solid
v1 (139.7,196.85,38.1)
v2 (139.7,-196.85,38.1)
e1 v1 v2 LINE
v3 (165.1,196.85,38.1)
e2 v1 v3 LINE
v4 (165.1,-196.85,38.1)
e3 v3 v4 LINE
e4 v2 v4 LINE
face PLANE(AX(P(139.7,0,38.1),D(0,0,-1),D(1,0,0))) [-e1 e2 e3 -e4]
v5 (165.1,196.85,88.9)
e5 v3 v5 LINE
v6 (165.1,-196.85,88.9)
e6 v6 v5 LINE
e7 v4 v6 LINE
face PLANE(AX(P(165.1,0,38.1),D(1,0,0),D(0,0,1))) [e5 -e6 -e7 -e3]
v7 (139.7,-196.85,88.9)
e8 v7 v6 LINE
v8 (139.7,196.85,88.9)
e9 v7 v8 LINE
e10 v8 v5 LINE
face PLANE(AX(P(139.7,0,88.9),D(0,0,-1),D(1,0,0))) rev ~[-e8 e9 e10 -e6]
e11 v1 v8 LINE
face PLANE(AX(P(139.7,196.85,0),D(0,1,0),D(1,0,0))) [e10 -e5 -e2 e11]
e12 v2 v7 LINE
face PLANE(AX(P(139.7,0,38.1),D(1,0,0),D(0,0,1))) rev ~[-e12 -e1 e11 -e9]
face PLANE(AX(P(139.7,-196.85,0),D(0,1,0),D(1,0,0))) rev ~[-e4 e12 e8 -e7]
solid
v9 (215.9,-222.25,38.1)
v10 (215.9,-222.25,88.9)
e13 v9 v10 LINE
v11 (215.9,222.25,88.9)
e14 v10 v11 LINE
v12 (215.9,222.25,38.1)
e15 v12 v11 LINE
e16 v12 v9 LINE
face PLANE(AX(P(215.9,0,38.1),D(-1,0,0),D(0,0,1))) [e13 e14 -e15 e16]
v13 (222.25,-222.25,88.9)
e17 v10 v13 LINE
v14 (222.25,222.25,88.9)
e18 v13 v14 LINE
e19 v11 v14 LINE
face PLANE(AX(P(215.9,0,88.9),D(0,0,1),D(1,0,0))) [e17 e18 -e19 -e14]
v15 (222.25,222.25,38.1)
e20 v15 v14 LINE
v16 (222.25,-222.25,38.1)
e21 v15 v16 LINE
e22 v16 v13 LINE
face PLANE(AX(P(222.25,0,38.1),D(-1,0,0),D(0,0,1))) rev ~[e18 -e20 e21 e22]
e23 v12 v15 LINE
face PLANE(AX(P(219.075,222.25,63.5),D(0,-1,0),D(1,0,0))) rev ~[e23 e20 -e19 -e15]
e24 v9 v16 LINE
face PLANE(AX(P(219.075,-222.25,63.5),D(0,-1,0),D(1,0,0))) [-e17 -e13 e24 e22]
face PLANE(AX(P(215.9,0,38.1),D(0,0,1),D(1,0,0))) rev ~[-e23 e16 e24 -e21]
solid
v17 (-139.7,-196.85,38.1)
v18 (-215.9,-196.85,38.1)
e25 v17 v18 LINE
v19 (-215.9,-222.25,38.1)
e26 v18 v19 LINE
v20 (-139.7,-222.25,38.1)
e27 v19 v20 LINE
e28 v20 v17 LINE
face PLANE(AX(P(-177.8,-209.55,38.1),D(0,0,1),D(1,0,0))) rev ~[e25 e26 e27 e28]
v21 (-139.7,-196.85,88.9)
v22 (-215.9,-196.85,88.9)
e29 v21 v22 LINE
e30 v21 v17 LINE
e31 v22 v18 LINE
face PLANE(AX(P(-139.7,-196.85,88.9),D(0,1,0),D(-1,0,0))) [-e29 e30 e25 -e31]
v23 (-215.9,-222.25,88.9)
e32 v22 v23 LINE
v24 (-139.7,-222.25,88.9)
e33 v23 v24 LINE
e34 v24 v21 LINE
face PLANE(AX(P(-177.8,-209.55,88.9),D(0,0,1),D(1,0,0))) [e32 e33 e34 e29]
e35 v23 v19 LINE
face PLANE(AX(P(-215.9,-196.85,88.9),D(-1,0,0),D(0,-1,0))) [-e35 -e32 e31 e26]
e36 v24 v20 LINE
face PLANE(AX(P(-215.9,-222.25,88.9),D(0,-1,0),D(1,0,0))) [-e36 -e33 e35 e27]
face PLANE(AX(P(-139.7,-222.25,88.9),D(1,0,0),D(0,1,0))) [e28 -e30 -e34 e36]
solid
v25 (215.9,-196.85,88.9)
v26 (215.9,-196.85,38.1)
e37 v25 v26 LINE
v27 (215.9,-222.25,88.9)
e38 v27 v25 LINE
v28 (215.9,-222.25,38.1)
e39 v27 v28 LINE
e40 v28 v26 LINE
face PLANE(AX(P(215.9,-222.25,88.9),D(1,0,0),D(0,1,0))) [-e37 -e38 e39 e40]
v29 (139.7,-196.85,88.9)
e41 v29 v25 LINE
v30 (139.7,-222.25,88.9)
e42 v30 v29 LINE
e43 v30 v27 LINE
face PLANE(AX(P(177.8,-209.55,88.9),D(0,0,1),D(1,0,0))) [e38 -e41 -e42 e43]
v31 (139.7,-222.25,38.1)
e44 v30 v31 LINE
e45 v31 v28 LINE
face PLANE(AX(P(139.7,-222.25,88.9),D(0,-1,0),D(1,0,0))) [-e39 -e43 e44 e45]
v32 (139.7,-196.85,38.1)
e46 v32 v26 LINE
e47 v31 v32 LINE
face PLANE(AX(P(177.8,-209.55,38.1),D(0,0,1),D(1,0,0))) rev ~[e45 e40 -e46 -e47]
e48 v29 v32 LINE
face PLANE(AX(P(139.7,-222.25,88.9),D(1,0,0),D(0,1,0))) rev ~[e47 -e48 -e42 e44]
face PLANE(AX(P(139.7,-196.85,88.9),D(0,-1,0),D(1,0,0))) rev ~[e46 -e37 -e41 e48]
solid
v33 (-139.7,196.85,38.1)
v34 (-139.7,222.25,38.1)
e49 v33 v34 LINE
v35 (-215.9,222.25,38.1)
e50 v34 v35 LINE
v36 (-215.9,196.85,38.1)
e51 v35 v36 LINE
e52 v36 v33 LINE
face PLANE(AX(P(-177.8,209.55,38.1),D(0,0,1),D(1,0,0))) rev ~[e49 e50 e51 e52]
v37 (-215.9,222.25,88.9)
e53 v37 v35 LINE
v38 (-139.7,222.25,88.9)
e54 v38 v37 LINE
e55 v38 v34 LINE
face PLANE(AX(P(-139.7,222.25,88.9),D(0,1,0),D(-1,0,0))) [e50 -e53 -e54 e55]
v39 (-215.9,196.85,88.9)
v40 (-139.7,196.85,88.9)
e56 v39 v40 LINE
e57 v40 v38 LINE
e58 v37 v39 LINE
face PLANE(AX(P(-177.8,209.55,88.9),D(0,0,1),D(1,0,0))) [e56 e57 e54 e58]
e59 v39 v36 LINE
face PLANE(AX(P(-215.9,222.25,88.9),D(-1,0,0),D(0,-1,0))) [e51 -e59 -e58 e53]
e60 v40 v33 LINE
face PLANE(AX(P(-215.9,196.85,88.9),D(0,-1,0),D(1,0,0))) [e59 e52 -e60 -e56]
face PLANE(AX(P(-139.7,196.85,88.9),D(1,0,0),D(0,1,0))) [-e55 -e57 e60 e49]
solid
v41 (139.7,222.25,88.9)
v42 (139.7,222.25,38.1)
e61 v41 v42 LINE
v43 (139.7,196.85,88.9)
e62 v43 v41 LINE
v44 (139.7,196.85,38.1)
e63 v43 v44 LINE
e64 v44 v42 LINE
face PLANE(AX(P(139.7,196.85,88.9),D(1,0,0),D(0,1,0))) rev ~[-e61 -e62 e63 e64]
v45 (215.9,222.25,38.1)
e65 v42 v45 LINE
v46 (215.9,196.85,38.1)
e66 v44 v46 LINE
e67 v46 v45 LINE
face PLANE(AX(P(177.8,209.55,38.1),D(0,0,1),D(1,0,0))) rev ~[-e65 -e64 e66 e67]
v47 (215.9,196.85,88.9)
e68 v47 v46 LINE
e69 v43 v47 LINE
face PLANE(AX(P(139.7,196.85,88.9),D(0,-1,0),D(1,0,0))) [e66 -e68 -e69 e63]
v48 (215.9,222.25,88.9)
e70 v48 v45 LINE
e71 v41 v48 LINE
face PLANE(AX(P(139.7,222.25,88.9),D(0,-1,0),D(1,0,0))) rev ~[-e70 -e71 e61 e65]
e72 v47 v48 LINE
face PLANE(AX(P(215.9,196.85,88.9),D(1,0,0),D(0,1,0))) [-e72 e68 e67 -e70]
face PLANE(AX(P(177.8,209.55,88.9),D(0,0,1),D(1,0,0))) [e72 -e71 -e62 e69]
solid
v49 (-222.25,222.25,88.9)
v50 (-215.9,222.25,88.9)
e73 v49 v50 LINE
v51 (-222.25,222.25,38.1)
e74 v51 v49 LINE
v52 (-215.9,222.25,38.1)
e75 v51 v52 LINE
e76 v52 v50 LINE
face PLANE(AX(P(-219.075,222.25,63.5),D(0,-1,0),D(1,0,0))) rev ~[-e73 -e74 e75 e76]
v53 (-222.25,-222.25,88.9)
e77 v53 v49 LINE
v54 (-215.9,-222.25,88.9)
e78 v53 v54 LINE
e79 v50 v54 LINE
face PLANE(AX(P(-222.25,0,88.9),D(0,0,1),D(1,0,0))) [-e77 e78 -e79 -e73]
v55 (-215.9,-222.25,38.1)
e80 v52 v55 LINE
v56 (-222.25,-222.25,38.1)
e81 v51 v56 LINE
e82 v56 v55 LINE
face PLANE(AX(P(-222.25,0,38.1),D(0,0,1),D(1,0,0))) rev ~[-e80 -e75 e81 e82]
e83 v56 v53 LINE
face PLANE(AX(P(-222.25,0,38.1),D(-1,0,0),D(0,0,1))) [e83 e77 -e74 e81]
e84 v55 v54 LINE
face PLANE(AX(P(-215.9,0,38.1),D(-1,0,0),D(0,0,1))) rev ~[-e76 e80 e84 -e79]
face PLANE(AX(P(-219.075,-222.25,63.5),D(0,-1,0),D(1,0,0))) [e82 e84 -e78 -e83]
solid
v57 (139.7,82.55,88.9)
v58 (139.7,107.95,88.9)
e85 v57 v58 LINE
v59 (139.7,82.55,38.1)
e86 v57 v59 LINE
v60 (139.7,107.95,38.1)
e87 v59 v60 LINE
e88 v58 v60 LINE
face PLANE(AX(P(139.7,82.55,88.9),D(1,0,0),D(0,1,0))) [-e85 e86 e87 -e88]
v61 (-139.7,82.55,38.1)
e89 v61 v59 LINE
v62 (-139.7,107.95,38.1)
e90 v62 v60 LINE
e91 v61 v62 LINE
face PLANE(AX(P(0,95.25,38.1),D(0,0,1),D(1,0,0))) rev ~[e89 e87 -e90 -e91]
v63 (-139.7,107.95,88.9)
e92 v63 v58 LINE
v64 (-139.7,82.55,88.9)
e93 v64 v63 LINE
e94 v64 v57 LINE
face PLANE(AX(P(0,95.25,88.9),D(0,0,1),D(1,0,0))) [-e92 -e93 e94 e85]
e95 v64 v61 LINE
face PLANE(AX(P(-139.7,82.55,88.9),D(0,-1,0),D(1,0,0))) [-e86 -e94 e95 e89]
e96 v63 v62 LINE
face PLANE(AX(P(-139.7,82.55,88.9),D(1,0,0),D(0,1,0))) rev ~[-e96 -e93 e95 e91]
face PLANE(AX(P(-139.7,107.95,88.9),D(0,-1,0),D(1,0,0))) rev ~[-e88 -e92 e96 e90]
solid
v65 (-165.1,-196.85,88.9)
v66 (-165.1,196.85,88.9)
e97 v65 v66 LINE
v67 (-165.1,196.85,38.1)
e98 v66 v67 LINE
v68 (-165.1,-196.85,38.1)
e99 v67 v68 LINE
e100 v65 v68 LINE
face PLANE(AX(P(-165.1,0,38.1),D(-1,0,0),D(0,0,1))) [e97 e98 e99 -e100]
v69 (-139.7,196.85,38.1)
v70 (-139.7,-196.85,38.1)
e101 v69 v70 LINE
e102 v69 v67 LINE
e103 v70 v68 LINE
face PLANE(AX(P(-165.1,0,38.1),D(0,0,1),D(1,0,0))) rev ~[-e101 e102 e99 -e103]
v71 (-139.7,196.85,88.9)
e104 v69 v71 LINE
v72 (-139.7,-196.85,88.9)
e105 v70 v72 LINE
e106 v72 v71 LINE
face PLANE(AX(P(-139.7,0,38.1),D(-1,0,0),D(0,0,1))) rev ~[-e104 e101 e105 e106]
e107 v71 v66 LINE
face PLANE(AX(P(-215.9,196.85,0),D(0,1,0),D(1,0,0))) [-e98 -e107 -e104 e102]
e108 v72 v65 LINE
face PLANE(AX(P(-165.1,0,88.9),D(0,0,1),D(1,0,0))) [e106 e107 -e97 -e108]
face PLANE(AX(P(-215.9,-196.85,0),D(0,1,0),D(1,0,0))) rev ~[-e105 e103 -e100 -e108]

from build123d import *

# Parameters (mm, degrees)
F1_W     = 6.35
F1_H     = 50.8
F1_W_2   = 25.4
F2_DEPTH = 222.25
F0_W     = 76.2
F0_H     = 25.4
F3_DEPTH = 176.53
F4_W     = 76.2
F4_H     = 25.4
F4_W_2   = 279.4
F5_DEPTH = 50.8


with BuildPart() as f2:
    # F1 (on Front) → F2 (new body, symmetric)
    with BuildSketch(Plane.XZ):
        with Locations((-219.075, 63.5)):
            Rectangle(F1_W, F1_H)
        with Locations((219.075, 63.5)):
            Rectangle(F1_W, F1_H)
        with Locations((-152.4, 63.5)):
            Rectangle(F1_W_2, F1_H)
        with Locations((152.4, 63.5)):
            Rectangle(F1_W_2, F1_H)
    extrude(amount=F2_DEPTH, both=True)

    # F0 (on Top) → F3 (cut)
    with BuildSketch(Plane.XY):
        with Locations((-177.8, 209.55)):
            Rectangle(F0_W, F0_H)
        with Locations((177.8, 209.55)):
            Rectangle(F0_W, F0_H)
        with Locations((177.8, -209.55)):
            Rectangle(F0_W, F0_H)
        with Locations((-177.8, -209.55)):
            Rectangle(F0_W, F0_H)
    extrude(amount=F3_DEPTH, mode=Mode.SUBTRACT)


with BuildPart() as f5:
    # F4 (on face) → F5 (new body)
    with BuildSketch(Plane.XY.offset(88.9)):
        Polygon((-139.7, 222.25), (-215.9, 222.25), (-215.9, 196.85), (-165.1, 196.85), (-139.7, 196.85), align=None)
        Polygon((-139.7, -196.85), (-165.1, -196.85), (-215.9, -196.85), (-215.9, -222.25), (-139.7, -222.25), align=None)
        with Locations((177.8, -209.55)):
            Rectangle(F4_W, F4_H)
        with Locations((177.8, 209.55)):
            Rectangle(F4_W, F4_H)
        with Locations((0, 95.25)):
            Rectangle(F4_W_2, F4_H)
    extrude(amount=-F5_DEPTH)


solid = Compound([f2.part, f5.part])
